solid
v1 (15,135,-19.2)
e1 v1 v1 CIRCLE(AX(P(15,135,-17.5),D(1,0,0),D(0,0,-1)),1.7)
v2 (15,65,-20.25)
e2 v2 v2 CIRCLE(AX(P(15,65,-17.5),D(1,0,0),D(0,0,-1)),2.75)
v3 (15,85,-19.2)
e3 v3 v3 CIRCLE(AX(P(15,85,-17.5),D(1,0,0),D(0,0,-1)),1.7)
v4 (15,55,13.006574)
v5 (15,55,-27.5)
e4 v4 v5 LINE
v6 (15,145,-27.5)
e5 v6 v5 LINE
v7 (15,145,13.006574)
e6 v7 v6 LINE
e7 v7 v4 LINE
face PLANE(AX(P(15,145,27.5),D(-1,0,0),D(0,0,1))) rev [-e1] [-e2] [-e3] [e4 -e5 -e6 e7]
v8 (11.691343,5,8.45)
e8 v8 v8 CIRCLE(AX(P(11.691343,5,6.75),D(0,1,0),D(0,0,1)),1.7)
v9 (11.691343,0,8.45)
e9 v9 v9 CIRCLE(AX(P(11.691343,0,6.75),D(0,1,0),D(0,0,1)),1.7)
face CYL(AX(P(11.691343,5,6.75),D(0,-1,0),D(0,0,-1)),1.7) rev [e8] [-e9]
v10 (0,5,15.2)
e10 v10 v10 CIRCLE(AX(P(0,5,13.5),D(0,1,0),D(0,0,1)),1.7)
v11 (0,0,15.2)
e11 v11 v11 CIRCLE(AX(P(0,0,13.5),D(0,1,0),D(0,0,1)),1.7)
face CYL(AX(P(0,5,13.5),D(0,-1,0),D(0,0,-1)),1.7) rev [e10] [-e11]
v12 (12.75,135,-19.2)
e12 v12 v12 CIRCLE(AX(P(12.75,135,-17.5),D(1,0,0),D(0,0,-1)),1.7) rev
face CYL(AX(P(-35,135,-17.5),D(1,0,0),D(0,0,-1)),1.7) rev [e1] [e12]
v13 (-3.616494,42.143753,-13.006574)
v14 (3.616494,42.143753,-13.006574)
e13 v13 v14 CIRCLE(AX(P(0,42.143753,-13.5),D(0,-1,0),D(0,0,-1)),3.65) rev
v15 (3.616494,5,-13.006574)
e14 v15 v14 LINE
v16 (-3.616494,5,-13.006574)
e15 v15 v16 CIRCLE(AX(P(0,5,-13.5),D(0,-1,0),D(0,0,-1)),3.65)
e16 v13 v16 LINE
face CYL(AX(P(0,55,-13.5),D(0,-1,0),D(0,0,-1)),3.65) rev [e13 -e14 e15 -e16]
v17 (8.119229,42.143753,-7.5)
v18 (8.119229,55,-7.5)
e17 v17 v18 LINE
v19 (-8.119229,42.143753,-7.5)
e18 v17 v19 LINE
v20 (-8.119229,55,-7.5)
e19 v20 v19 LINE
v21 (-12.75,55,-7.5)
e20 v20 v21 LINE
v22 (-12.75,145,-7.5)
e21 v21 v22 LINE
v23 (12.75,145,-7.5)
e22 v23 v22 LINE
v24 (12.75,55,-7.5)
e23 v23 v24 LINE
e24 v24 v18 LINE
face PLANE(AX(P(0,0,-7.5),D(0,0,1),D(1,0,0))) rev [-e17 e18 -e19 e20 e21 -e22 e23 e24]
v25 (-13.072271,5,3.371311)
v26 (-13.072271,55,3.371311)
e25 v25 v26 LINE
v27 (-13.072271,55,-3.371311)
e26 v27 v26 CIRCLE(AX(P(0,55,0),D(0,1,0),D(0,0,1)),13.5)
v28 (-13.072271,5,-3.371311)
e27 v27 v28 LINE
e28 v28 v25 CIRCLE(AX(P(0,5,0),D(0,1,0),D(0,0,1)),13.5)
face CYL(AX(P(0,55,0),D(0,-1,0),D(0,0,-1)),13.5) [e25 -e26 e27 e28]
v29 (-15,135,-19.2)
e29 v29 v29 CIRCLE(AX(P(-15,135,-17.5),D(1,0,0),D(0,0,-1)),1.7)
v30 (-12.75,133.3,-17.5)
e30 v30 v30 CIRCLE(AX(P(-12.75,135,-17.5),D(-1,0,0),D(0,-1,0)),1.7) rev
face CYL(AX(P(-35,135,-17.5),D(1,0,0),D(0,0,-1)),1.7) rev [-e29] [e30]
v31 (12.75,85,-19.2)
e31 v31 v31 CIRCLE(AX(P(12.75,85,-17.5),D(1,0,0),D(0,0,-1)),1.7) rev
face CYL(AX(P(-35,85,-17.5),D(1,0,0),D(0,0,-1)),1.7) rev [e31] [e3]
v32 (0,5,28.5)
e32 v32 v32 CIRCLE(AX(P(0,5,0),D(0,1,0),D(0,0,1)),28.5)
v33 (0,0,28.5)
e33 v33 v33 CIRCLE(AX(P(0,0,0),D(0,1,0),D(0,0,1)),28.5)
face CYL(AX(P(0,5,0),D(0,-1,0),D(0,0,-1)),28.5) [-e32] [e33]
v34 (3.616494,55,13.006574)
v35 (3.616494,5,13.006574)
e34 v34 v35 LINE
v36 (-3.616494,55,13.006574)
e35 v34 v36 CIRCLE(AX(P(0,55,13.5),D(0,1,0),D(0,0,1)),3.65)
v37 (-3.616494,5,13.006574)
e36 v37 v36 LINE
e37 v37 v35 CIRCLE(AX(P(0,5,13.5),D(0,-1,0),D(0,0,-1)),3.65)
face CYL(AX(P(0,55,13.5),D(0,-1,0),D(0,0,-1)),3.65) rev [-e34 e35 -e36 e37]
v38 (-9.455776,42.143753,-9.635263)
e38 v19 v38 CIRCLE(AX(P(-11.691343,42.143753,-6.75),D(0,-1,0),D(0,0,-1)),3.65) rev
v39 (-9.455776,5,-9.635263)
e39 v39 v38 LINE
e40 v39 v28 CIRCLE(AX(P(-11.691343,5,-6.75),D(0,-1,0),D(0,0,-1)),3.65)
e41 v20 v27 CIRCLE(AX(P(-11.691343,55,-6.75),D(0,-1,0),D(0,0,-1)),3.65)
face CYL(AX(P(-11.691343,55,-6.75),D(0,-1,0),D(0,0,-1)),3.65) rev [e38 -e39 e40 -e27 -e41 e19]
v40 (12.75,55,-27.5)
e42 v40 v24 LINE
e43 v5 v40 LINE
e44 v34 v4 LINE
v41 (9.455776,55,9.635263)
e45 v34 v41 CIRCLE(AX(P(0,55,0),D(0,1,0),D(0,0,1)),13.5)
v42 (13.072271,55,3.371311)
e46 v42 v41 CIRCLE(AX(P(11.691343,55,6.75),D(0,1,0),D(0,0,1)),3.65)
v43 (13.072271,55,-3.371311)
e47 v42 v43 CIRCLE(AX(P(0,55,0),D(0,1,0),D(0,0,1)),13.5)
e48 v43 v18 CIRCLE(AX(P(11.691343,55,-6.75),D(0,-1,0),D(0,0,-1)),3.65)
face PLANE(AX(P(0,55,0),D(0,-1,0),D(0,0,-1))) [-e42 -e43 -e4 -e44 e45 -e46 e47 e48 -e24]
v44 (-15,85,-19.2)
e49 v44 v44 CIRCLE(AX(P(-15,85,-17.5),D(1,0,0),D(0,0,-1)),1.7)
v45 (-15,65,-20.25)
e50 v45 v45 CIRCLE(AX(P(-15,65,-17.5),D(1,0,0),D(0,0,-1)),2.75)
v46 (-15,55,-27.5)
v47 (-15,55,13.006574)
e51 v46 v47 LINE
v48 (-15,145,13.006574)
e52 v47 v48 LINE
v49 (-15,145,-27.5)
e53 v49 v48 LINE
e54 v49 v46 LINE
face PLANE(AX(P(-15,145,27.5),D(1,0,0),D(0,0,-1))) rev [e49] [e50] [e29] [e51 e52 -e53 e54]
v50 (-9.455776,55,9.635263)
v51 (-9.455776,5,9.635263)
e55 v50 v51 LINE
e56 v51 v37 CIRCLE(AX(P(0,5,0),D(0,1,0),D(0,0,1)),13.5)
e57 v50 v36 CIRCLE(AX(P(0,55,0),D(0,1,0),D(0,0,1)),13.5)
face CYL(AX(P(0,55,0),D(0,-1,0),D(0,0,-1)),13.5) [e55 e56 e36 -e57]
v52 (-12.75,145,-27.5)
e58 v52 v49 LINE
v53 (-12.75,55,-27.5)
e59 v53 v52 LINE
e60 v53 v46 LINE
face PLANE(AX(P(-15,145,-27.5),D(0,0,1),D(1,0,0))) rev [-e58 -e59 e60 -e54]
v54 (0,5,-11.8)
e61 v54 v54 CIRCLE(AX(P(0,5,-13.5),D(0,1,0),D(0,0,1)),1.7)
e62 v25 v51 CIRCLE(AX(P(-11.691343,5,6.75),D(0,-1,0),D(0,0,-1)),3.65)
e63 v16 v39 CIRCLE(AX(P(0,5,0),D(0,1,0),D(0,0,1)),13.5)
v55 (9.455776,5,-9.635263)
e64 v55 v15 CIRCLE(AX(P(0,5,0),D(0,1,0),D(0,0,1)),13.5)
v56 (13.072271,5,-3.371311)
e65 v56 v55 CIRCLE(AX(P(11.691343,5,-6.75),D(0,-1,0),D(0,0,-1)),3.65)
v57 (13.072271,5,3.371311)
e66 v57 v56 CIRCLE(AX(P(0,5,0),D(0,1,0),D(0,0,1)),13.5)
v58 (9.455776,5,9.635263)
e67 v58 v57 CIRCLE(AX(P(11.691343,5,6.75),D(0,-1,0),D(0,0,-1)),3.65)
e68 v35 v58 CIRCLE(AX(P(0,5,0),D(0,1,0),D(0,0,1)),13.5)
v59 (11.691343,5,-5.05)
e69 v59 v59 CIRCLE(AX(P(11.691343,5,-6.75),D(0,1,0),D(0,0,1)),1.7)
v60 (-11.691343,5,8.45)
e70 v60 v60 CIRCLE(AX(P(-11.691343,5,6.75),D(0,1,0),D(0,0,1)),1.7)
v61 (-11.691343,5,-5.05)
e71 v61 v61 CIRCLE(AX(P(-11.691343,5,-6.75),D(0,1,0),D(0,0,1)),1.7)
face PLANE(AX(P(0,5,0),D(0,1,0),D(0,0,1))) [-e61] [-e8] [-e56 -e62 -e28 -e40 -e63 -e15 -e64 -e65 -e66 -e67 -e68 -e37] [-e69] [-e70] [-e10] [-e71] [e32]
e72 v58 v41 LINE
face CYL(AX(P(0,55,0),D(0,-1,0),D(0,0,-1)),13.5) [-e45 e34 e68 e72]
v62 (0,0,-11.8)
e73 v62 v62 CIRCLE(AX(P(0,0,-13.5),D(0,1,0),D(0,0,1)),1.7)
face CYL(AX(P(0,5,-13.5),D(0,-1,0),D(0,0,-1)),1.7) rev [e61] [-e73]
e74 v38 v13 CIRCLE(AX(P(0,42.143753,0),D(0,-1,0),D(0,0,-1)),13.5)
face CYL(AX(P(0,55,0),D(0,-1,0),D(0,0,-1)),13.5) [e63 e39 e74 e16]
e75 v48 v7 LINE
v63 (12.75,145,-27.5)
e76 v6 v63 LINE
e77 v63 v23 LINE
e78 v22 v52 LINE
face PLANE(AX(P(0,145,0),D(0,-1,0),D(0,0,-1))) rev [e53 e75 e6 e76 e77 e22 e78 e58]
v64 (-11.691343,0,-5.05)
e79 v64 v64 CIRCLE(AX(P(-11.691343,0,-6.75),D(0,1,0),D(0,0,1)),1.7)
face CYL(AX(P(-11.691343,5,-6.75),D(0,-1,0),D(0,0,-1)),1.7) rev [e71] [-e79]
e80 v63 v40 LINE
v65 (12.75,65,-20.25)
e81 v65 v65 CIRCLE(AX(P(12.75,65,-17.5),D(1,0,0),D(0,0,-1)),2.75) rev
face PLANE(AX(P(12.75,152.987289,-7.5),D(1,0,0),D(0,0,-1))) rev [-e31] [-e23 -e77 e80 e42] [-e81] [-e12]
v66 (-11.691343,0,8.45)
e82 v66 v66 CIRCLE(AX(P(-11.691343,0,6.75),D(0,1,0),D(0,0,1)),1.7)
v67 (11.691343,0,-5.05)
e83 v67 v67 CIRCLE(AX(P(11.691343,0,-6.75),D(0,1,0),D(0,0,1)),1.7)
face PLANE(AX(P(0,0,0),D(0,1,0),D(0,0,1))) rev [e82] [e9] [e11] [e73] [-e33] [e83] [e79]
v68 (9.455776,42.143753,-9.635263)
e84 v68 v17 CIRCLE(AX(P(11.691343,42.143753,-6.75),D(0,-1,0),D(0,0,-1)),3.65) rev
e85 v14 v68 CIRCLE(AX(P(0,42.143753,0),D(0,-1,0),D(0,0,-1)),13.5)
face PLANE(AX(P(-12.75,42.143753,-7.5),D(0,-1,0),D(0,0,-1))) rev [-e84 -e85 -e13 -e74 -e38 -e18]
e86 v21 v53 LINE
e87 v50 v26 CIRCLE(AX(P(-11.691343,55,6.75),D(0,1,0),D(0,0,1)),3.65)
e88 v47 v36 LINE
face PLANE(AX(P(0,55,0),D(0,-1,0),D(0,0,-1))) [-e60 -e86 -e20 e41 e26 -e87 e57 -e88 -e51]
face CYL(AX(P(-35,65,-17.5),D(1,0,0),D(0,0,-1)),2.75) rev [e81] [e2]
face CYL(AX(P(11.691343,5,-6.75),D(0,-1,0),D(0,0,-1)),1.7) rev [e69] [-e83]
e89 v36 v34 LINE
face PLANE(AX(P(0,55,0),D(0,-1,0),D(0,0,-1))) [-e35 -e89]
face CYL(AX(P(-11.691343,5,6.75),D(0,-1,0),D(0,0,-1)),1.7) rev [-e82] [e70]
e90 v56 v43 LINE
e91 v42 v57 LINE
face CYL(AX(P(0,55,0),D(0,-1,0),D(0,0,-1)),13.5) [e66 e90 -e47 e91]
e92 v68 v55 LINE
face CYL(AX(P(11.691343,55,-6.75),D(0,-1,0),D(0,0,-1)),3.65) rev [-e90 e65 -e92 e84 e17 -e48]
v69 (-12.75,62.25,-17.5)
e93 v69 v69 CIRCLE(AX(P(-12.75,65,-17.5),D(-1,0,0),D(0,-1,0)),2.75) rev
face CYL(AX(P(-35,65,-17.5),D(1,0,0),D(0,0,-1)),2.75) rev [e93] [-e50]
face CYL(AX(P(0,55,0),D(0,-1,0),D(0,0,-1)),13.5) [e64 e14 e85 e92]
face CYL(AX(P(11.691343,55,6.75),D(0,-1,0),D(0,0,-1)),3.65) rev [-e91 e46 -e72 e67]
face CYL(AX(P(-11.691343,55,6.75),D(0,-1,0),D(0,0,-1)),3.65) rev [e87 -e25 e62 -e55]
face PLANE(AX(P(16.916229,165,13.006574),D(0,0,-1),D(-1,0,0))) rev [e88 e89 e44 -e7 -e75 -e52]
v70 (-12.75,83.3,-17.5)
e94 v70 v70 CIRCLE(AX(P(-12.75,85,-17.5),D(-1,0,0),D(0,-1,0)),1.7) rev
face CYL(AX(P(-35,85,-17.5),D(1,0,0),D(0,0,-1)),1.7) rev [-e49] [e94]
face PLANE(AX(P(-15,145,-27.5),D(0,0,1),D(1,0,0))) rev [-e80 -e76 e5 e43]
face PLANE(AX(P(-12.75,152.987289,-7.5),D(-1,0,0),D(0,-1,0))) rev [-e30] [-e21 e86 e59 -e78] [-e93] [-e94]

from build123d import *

# Parameters (mm, degrees)
SKETCH_1_R          = 28.5
SKETCH_1_R_2        = 1.7
EXTRUDE_1_DEPTH     = 5
SKETCH_2_R          = 13.5
EXTRUDE_2_DEPTH     = 50
SKETCH_3_R          = 3.65
CUT_EXTRUDE_1_DEPTH = 50
SKETCH_4_W          = 30
SKETCH_4_H          = 55
EXTRUDE_3_DEPTH     = 90
SKETCH_6_R          = 1.7
SKETCH_6_R_2        = 2.75
CUT_EXTRUDE_2_DEPTH = 50
SKETCH_7_W          = 25.5
SKETCH_7_H          = 110.843536678
CUT_EXTRUDE_3_DEPTH = 20
SKETCH_8_W          = 36.70966092
SKETCH_8_H          = 18.654828845
CUT_EXTRUDE_4_DEPTH = 110


with BuildPart() as part:
    # 草图1 → 凸台-拉伸1 (new body)
    with BuildSketch(Plane(origin=(0, 0, 0), x_dir=(1, 0, 0), z_dir=(0, 1, 0))):
        Circle(SKETCH_1_R)
        with Locations((0, 13.5)):
            Circle(SKETCH_1_R_2, mode=Mode.SUBTRACT)
        with Locations((11.691342951, 6.75)):
            Circle(SKETCH_1_R_2, mode=Mode.SUBTRACT)
        with Locations((11.691342951, -6.75)):
            Circle(SKETCH_1_R_2, mode=Mode.SUBTRACT)
        with Locations((0, -13.5)):
            Circle(SKETCH_1_R_2, mode=Mode.SUBTRACT)
        with Locations((-11.691342951, -6.75)):
            Circle(SKETCH_1_R_2, mode=Mode.SUBTRACT)
        with Locations((-11.691342951, 6.75)):
            Circle(SKETCH_1_R_2, mode=Mode.SUBTRACT)
    extrude(amount=EXTRUDE_1_DEPTH)

    # 草图2 → 凸台-拉伸2 (add)
    with BuildSketch(Plane(origin=(0, 5, 0), x_dir=(1, 0, 0), z_dir=(0, 1, 0))):
        Circle(SKETCH_2_R)
    extrude(amount=EXTRUDE_2_DEPTH)

    # 草图3 → 切除-拉伸1 (cut)
    with BuildSketch(Plane.XZ.offset(-5)):
        with Locations((-11.691342951, -6.75)):
            Circle(SKETCH_3_R)
        with Locations((-11.691342951, 6.75)):
            Circle(SKETCH_3_R)
        with Locations((0, 13.5)):
            Circle(SKETCH_3_R)
        with Locations((11.691342951, 6.75)):
            Circle(SKETCH_3_R)
        with Locations((11.691342951, -6.75)):
            Circle(SKETCH_3_R)
        with Locations((0, -13.5)):
            Circle(SKETCH_3_R)
    extrude(amount=-CUT_EXTRUDE_1_DEPTH, mode=Mode.SUBTRACT)

    # 草图4 → 凸台-拉伸3 (add)
    with BuildSketch(Plane(origin=(0, 55, 0), x_dir=(1, 0, 0), z_dir=(0, 1, 0))):
        Rectangle(SKETCH_4_W, SKETCH_4_H)
    extrude(amount=EXTRUDE_3_DEPTH)

    # 草图6 → 切除-拉伸2 (cut)
    with BuildSketch(Plane(origin=(15, 0, 0), x_dir=(0, 0, -1), z_dir=(1, 0, 0))):
        with Locations((17.5, 85)):
            Circle(SKETCH_6_R)
        with Locations((17.5, 135)):
            Circle(SKETCH_6_R)
        with Locations((17.5, 65)):
            Circle(SKETCH_6_R_2)
    extrude(amount=-CUT_EXTRUDE_2_DEPTH, mode=Mode.SUBTRACT)

    # 草图7 → 切除-拉伸3 (cut)
    with BuildSketch(Plane(origin=(0, 0, -27.5), x_dir=(-1, 0, 0), z_dir=(0, 0, -1))):
        with Locations((0, 97.565521138)):
            Rectangle(SKETCH_7_W, SKETCH_7_H)
    extrude(amount=-CUT_EXTRUDE_3_DEPTH, mode=Mode.SUBTRACT)

    # 草图8 → 切除-拉伸4 (cut)
    with BuildSketch(Plane.XZ.offset(-55)):
        with Locations((-1.438600971, 22.333988497)):
            Rectangle(SKETCH_8_W, SKETCH_8_H)
    extrude(amount=-CUT_EXTRUDE_4_DEPTH, mode=Mode.SUBTRACT)


solid = part.part
